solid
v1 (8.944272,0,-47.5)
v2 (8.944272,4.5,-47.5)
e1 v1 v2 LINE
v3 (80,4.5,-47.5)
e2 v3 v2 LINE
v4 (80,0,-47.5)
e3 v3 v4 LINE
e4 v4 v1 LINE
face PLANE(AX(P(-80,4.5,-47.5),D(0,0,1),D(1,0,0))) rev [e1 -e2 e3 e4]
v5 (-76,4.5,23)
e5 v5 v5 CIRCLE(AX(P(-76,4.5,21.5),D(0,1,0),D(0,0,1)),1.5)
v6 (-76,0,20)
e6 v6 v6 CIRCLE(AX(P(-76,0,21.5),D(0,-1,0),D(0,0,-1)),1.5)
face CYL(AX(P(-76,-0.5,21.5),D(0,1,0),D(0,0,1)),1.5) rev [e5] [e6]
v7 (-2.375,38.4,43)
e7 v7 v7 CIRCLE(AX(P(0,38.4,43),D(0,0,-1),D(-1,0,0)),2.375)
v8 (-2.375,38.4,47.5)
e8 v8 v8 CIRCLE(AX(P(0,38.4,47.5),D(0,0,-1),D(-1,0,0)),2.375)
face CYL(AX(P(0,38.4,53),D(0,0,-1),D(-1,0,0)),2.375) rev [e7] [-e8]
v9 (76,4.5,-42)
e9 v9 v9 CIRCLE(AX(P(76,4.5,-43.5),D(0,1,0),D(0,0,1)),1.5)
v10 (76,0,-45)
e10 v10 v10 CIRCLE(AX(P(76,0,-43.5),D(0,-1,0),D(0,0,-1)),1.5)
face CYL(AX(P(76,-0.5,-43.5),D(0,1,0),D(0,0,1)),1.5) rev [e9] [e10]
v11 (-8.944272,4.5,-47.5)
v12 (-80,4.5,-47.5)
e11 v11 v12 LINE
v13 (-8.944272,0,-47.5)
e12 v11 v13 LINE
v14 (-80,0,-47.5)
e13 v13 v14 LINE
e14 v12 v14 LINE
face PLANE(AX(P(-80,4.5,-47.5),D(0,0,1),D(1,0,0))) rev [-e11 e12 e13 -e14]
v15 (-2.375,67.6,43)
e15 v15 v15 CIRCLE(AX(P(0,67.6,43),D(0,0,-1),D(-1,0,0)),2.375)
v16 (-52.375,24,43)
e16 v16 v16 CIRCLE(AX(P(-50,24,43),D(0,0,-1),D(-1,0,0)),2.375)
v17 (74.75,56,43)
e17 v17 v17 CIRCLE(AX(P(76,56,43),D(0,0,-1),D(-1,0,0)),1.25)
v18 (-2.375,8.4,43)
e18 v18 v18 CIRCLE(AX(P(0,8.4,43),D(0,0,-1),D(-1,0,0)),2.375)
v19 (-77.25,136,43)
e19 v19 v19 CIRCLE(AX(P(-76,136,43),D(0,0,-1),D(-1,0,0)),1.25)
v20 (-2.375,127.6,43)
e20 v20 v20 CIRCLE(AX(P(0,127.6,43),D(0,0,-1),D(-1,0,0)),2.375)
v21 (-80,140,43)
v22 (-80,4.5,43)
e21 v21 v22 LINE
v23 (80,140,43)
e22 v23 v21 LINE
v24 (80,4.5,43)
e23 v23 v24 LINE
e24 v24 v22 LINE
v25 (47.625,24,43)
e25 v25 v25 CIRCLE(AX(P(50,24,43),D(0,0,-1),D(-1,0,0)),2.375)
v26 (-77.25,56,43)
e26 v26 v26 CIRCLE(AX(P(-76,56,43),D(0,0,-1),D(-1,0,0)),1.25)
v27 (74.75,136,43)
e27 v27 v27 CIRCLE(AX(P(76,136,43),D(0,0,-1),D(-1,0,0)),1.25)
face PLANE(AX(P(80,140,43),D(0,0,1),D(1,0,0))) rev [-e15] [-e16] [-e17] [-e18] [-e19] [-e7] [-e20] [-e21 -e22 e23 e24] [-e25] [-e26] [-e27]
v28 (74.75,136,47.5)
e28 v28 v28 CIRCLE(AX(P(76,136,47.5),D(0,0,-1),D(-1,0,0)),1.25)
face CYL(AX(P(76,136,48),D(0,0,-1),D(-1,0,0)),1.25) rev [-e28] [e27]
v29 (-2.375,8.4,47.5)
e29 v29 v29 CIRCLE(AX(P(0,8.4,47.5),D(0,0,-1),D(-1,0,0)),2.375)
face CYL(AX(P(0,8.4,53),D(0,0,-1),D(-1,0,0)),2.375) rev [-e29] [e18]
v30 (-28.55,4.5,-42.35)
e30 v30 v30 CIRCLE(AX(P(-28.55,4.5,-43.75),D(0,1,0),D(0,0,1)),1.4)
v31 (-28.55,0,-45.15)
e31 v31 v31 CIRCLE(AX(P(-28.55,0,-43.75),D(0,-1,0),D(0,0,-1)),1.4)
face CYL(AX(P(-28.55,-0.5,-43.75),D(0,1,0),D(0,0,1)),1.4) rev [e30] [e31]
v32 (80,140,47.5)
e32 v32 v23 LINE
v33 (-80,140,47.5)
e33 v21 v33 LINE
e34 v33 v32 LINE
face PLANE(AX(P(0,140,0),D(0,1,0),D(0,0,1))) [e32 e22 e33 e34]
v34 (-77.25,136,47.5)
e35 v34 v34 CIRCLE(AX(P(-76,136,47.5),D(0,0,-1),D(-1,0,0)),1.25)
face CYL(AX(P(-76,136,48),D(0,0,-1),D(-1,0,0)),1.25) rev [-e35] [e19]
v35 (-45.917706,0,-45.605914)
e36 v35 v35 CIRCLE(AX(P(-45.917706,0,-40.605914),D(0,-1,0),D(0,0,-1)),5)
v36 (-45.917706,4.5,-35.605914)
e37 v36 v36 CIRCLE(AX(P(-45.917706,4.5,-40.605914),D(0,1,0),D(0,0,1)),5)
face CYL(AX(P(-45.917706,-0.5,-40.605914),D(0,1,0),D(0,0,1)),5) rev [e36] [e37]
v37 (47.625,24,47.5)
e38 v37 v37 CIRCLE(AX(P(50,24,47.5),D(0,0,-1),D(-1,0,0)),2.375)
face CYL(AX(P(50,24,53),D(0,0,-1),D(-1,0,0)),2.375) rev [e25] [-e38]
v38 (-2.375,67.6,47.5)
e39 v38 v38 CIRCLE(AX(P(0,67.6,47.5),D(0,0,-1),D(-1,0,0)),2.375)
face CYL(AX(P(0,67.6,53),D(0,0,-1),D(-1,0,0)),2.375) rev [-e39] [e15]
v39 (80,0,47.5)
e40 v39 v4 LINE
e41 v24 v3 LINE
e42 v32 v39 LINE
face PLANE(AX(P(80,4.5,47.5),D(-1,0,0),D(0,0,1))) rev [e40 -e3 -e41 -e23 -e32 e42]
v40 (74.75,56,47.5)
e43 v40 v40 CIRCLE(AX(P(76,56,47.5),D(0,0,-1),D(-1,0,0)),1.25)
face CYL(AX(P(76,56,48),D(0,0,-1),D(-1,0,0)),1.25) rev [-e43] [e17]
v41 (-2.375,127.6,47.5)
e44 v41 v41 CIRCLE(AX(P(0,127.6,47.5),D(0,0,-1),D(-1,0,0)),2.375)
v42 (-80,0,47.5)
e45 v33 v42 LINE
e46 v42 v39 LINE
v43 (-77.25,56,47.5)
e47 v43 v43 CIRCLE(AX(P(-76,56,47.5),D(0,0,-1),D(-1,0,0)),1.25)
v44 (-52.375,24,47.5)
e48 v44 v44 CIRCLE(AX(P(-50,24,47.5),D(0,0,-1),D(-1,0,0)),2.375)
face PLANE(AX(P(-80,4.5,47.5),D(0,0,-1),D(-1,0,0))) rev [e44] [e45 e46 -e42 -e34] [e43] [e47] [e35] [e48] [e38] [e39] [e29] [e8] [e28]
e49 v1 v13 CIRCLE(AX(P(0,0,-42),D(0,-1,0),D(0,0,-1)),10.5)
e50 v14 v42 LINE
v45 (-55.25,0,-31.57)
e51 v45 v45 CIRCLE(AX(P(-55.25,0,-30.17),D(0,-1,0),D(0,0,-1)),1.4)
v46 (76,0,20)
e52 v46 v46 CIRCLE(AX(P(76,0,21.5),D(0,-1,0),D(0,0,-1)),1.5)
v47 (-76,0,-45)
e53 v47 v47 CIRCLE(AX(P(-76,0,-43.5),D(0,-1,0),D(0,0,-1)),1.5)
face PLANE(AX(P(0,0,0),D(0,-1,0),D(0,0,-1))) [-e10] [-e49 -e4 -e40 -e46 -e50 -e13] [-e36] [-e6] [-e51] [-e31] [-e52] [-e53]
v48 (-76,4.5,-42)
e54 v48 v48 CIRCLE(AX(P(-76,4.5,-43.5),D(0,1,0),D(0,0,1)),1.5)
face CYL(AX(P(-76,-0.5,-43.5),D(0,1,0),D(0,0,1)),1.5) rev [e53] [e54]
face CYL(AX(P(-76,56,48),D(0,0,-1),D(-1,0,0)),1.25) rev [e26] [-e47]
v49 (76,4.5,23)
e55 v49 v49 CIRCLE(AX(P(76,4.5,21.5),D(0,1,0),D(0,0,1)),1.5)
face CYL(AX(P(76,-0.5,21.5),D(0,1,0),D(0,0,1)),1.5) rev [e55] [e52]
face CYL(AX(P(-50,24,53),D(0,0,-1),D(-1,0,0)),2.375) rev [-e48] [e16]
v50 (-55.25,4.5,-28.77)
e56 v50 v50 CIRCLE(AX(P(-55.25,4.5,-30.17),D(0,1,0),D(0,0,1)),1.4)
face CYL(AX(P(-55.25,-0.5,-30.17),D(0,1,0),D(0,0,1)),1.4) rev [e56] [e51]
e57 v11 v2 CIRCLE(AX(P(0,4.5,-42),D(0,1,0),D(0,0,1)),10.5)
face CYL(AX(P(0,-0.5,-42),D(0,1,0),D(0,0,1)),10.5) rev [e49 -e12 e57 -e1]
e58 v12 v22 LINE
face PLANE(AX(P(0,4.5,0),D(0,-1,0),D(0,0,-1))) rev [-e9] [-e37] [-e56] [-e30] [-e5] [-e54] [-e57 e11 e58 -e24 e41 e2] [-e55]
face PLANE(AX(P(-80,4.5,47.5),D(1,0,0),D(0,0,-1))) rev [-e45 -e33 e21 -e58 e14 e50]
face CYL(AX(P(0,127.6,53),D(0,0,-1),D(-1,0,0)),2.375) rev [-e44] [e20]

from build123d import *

# Parameters (mm, degrees)
SKETCH1_W           = 160
SKETCH1_H           = 95
BOSS_EXTRUDE1_DEPTH = 4.5
SKETCH2_R           = 1.5
CUT_EXTRUDE1_DEPTH  = 5
SKETCH5_W           = 160
SKETCH5_H           = 4.5
BOSS_EXTRUDE2_DEPTH = 135.5
SKETCH7_R           = 1.25
CUT_EXTRUDE2_DEPTH  = 5
SKETCH9_R           = 10.5
SKETCH9_R_2         = 5
SKETCH9_R_3         = 1.4
CUT_EXTRUDE3_DEPTH  = 5
SKETCH10_R          = 2.375
CUT_EXTRUDE4_DEPTH  = 10


with BuildPart() as part:
    # Sketch1 → Boss-Extrude1 (new body)
    with BuildSketch(Plane(origin=(0, 0, 0), x_dir=(1, 0, 0), z_dir=(0, 1, 0))):
        Rectangle(SKETCH1_W, SKETCH1_H)
    extrude(amount=BOSS_EXTRUDE1_DEPTH)

    # Sketch2 → Cut-Extrude1 (cut)
    with BuildSketch(Plane(origin=(0, 4.5, 0), x_dir=(1, 0, 0), z_dir=(0, 1, 0))):
        with Locations(Location((76, -21.5, 0), (0, 0, 270))):
            Circle(SKETCH2_R)
        with Locations(Location((-76, -21.5, 0), (0, 0, 270))):
            Circle(SKETCH2_R)
        with Locations(Location((-76, 43.5, 0), (0, 0, 270))):
            Circle(SKETCH2_R)
        with Locations(Location((76, 43.5, 0), (0, 0, 270))):
            Circle(SKETCH2_R)
    extrude(amount=-CUT_EXTRUDE1_DEPTH, mode=Mode.SUBTRACT)

    # Sketch5 → Boss-Extrude2 (add)
    with BuildSketch(Plane(origin=(0, 4.5, 0), x_dir=(1, 0, 0), z_dir=(0, 1, 0))):
        with Locations((0, -45.25)):
            Rectangle(SKETCH5_W, SKETCH5_H)
    extrude(amount=BOSS_EXTRUDE2_DEPTH)

    # Sketch7 → Cut-Extrude2 (cut)
    with BuildSketch(Plane(origin=(0, 0, 43), x_dir=(-1, 0, 0), z_dir=(0, 0, -1))):
        with Locations((76, 136)):
            Circle(SKETCH7_R)
        with Locations((-76, 136)):
            Circle(SKETCH7_R)
        with Locations((-76, 56)):
            Circle(SKETCH7_R)
        with Locations((76, 56)):
            Circle(SKETCH7_R)
    extrude(amount=-CUT_EXTRUDE2_DEPTH, mode=Mode.SUBTRACT)

    # Sketch9 → Cut-Extrude3 (cut)
    with BuildSketch(Plane(origin=(0, 4.5, 0), x_dir=(1, 0, 0), z_dir=(0, 1, 0))):
        with Locations((0, 42)):
            Circle(SKETCH9_R)
        with Locations(Location((-45.917706268, 40.60591365, 0), (0, 0, 270))):
            Circle(SKETCH9_R_2)
        with Locations(Location((-28.55, 43.75, 0), (0, 0, 270))):
            Circle(SKETCH9_R_3)
        with Locations(Location((-55.25, 30.17, 0), (0, 0, 270))):
            Circle(SKETCH9_R_3)
    extrude(amount=-CUT_EXTRUDE3_DEPTH, mode=Mode.SUBTRACT)

    # Sketch10 → Cut-Extrude4 (cut)
    with BuildSketch(Plane(origin=(0, 0, 43), x_dir=(-1, 0, 0), z_dir=(0, 0, -1))):
        with Locations((0, 8.4)):
            Circle(SKETCH10_R)
        with Locations((0, 38.4)):
            Circle(SKETCH10_R)
        with Locations((0, 67.6)):
            Circle(SKETCH10_R)
        with Locations((0, 127.6)):
            Circle(SKETCH10_R)
        with Locations((-50, 24)):
            Circle(SKETCH10_R)
        with Locations((50, 24)):
            Circle(SKETCH10_R)
    extrude(amount=-CUT_EXTRUDE4_DEPTH, mode=Mode.SUBTRACT)


solid = part.part
